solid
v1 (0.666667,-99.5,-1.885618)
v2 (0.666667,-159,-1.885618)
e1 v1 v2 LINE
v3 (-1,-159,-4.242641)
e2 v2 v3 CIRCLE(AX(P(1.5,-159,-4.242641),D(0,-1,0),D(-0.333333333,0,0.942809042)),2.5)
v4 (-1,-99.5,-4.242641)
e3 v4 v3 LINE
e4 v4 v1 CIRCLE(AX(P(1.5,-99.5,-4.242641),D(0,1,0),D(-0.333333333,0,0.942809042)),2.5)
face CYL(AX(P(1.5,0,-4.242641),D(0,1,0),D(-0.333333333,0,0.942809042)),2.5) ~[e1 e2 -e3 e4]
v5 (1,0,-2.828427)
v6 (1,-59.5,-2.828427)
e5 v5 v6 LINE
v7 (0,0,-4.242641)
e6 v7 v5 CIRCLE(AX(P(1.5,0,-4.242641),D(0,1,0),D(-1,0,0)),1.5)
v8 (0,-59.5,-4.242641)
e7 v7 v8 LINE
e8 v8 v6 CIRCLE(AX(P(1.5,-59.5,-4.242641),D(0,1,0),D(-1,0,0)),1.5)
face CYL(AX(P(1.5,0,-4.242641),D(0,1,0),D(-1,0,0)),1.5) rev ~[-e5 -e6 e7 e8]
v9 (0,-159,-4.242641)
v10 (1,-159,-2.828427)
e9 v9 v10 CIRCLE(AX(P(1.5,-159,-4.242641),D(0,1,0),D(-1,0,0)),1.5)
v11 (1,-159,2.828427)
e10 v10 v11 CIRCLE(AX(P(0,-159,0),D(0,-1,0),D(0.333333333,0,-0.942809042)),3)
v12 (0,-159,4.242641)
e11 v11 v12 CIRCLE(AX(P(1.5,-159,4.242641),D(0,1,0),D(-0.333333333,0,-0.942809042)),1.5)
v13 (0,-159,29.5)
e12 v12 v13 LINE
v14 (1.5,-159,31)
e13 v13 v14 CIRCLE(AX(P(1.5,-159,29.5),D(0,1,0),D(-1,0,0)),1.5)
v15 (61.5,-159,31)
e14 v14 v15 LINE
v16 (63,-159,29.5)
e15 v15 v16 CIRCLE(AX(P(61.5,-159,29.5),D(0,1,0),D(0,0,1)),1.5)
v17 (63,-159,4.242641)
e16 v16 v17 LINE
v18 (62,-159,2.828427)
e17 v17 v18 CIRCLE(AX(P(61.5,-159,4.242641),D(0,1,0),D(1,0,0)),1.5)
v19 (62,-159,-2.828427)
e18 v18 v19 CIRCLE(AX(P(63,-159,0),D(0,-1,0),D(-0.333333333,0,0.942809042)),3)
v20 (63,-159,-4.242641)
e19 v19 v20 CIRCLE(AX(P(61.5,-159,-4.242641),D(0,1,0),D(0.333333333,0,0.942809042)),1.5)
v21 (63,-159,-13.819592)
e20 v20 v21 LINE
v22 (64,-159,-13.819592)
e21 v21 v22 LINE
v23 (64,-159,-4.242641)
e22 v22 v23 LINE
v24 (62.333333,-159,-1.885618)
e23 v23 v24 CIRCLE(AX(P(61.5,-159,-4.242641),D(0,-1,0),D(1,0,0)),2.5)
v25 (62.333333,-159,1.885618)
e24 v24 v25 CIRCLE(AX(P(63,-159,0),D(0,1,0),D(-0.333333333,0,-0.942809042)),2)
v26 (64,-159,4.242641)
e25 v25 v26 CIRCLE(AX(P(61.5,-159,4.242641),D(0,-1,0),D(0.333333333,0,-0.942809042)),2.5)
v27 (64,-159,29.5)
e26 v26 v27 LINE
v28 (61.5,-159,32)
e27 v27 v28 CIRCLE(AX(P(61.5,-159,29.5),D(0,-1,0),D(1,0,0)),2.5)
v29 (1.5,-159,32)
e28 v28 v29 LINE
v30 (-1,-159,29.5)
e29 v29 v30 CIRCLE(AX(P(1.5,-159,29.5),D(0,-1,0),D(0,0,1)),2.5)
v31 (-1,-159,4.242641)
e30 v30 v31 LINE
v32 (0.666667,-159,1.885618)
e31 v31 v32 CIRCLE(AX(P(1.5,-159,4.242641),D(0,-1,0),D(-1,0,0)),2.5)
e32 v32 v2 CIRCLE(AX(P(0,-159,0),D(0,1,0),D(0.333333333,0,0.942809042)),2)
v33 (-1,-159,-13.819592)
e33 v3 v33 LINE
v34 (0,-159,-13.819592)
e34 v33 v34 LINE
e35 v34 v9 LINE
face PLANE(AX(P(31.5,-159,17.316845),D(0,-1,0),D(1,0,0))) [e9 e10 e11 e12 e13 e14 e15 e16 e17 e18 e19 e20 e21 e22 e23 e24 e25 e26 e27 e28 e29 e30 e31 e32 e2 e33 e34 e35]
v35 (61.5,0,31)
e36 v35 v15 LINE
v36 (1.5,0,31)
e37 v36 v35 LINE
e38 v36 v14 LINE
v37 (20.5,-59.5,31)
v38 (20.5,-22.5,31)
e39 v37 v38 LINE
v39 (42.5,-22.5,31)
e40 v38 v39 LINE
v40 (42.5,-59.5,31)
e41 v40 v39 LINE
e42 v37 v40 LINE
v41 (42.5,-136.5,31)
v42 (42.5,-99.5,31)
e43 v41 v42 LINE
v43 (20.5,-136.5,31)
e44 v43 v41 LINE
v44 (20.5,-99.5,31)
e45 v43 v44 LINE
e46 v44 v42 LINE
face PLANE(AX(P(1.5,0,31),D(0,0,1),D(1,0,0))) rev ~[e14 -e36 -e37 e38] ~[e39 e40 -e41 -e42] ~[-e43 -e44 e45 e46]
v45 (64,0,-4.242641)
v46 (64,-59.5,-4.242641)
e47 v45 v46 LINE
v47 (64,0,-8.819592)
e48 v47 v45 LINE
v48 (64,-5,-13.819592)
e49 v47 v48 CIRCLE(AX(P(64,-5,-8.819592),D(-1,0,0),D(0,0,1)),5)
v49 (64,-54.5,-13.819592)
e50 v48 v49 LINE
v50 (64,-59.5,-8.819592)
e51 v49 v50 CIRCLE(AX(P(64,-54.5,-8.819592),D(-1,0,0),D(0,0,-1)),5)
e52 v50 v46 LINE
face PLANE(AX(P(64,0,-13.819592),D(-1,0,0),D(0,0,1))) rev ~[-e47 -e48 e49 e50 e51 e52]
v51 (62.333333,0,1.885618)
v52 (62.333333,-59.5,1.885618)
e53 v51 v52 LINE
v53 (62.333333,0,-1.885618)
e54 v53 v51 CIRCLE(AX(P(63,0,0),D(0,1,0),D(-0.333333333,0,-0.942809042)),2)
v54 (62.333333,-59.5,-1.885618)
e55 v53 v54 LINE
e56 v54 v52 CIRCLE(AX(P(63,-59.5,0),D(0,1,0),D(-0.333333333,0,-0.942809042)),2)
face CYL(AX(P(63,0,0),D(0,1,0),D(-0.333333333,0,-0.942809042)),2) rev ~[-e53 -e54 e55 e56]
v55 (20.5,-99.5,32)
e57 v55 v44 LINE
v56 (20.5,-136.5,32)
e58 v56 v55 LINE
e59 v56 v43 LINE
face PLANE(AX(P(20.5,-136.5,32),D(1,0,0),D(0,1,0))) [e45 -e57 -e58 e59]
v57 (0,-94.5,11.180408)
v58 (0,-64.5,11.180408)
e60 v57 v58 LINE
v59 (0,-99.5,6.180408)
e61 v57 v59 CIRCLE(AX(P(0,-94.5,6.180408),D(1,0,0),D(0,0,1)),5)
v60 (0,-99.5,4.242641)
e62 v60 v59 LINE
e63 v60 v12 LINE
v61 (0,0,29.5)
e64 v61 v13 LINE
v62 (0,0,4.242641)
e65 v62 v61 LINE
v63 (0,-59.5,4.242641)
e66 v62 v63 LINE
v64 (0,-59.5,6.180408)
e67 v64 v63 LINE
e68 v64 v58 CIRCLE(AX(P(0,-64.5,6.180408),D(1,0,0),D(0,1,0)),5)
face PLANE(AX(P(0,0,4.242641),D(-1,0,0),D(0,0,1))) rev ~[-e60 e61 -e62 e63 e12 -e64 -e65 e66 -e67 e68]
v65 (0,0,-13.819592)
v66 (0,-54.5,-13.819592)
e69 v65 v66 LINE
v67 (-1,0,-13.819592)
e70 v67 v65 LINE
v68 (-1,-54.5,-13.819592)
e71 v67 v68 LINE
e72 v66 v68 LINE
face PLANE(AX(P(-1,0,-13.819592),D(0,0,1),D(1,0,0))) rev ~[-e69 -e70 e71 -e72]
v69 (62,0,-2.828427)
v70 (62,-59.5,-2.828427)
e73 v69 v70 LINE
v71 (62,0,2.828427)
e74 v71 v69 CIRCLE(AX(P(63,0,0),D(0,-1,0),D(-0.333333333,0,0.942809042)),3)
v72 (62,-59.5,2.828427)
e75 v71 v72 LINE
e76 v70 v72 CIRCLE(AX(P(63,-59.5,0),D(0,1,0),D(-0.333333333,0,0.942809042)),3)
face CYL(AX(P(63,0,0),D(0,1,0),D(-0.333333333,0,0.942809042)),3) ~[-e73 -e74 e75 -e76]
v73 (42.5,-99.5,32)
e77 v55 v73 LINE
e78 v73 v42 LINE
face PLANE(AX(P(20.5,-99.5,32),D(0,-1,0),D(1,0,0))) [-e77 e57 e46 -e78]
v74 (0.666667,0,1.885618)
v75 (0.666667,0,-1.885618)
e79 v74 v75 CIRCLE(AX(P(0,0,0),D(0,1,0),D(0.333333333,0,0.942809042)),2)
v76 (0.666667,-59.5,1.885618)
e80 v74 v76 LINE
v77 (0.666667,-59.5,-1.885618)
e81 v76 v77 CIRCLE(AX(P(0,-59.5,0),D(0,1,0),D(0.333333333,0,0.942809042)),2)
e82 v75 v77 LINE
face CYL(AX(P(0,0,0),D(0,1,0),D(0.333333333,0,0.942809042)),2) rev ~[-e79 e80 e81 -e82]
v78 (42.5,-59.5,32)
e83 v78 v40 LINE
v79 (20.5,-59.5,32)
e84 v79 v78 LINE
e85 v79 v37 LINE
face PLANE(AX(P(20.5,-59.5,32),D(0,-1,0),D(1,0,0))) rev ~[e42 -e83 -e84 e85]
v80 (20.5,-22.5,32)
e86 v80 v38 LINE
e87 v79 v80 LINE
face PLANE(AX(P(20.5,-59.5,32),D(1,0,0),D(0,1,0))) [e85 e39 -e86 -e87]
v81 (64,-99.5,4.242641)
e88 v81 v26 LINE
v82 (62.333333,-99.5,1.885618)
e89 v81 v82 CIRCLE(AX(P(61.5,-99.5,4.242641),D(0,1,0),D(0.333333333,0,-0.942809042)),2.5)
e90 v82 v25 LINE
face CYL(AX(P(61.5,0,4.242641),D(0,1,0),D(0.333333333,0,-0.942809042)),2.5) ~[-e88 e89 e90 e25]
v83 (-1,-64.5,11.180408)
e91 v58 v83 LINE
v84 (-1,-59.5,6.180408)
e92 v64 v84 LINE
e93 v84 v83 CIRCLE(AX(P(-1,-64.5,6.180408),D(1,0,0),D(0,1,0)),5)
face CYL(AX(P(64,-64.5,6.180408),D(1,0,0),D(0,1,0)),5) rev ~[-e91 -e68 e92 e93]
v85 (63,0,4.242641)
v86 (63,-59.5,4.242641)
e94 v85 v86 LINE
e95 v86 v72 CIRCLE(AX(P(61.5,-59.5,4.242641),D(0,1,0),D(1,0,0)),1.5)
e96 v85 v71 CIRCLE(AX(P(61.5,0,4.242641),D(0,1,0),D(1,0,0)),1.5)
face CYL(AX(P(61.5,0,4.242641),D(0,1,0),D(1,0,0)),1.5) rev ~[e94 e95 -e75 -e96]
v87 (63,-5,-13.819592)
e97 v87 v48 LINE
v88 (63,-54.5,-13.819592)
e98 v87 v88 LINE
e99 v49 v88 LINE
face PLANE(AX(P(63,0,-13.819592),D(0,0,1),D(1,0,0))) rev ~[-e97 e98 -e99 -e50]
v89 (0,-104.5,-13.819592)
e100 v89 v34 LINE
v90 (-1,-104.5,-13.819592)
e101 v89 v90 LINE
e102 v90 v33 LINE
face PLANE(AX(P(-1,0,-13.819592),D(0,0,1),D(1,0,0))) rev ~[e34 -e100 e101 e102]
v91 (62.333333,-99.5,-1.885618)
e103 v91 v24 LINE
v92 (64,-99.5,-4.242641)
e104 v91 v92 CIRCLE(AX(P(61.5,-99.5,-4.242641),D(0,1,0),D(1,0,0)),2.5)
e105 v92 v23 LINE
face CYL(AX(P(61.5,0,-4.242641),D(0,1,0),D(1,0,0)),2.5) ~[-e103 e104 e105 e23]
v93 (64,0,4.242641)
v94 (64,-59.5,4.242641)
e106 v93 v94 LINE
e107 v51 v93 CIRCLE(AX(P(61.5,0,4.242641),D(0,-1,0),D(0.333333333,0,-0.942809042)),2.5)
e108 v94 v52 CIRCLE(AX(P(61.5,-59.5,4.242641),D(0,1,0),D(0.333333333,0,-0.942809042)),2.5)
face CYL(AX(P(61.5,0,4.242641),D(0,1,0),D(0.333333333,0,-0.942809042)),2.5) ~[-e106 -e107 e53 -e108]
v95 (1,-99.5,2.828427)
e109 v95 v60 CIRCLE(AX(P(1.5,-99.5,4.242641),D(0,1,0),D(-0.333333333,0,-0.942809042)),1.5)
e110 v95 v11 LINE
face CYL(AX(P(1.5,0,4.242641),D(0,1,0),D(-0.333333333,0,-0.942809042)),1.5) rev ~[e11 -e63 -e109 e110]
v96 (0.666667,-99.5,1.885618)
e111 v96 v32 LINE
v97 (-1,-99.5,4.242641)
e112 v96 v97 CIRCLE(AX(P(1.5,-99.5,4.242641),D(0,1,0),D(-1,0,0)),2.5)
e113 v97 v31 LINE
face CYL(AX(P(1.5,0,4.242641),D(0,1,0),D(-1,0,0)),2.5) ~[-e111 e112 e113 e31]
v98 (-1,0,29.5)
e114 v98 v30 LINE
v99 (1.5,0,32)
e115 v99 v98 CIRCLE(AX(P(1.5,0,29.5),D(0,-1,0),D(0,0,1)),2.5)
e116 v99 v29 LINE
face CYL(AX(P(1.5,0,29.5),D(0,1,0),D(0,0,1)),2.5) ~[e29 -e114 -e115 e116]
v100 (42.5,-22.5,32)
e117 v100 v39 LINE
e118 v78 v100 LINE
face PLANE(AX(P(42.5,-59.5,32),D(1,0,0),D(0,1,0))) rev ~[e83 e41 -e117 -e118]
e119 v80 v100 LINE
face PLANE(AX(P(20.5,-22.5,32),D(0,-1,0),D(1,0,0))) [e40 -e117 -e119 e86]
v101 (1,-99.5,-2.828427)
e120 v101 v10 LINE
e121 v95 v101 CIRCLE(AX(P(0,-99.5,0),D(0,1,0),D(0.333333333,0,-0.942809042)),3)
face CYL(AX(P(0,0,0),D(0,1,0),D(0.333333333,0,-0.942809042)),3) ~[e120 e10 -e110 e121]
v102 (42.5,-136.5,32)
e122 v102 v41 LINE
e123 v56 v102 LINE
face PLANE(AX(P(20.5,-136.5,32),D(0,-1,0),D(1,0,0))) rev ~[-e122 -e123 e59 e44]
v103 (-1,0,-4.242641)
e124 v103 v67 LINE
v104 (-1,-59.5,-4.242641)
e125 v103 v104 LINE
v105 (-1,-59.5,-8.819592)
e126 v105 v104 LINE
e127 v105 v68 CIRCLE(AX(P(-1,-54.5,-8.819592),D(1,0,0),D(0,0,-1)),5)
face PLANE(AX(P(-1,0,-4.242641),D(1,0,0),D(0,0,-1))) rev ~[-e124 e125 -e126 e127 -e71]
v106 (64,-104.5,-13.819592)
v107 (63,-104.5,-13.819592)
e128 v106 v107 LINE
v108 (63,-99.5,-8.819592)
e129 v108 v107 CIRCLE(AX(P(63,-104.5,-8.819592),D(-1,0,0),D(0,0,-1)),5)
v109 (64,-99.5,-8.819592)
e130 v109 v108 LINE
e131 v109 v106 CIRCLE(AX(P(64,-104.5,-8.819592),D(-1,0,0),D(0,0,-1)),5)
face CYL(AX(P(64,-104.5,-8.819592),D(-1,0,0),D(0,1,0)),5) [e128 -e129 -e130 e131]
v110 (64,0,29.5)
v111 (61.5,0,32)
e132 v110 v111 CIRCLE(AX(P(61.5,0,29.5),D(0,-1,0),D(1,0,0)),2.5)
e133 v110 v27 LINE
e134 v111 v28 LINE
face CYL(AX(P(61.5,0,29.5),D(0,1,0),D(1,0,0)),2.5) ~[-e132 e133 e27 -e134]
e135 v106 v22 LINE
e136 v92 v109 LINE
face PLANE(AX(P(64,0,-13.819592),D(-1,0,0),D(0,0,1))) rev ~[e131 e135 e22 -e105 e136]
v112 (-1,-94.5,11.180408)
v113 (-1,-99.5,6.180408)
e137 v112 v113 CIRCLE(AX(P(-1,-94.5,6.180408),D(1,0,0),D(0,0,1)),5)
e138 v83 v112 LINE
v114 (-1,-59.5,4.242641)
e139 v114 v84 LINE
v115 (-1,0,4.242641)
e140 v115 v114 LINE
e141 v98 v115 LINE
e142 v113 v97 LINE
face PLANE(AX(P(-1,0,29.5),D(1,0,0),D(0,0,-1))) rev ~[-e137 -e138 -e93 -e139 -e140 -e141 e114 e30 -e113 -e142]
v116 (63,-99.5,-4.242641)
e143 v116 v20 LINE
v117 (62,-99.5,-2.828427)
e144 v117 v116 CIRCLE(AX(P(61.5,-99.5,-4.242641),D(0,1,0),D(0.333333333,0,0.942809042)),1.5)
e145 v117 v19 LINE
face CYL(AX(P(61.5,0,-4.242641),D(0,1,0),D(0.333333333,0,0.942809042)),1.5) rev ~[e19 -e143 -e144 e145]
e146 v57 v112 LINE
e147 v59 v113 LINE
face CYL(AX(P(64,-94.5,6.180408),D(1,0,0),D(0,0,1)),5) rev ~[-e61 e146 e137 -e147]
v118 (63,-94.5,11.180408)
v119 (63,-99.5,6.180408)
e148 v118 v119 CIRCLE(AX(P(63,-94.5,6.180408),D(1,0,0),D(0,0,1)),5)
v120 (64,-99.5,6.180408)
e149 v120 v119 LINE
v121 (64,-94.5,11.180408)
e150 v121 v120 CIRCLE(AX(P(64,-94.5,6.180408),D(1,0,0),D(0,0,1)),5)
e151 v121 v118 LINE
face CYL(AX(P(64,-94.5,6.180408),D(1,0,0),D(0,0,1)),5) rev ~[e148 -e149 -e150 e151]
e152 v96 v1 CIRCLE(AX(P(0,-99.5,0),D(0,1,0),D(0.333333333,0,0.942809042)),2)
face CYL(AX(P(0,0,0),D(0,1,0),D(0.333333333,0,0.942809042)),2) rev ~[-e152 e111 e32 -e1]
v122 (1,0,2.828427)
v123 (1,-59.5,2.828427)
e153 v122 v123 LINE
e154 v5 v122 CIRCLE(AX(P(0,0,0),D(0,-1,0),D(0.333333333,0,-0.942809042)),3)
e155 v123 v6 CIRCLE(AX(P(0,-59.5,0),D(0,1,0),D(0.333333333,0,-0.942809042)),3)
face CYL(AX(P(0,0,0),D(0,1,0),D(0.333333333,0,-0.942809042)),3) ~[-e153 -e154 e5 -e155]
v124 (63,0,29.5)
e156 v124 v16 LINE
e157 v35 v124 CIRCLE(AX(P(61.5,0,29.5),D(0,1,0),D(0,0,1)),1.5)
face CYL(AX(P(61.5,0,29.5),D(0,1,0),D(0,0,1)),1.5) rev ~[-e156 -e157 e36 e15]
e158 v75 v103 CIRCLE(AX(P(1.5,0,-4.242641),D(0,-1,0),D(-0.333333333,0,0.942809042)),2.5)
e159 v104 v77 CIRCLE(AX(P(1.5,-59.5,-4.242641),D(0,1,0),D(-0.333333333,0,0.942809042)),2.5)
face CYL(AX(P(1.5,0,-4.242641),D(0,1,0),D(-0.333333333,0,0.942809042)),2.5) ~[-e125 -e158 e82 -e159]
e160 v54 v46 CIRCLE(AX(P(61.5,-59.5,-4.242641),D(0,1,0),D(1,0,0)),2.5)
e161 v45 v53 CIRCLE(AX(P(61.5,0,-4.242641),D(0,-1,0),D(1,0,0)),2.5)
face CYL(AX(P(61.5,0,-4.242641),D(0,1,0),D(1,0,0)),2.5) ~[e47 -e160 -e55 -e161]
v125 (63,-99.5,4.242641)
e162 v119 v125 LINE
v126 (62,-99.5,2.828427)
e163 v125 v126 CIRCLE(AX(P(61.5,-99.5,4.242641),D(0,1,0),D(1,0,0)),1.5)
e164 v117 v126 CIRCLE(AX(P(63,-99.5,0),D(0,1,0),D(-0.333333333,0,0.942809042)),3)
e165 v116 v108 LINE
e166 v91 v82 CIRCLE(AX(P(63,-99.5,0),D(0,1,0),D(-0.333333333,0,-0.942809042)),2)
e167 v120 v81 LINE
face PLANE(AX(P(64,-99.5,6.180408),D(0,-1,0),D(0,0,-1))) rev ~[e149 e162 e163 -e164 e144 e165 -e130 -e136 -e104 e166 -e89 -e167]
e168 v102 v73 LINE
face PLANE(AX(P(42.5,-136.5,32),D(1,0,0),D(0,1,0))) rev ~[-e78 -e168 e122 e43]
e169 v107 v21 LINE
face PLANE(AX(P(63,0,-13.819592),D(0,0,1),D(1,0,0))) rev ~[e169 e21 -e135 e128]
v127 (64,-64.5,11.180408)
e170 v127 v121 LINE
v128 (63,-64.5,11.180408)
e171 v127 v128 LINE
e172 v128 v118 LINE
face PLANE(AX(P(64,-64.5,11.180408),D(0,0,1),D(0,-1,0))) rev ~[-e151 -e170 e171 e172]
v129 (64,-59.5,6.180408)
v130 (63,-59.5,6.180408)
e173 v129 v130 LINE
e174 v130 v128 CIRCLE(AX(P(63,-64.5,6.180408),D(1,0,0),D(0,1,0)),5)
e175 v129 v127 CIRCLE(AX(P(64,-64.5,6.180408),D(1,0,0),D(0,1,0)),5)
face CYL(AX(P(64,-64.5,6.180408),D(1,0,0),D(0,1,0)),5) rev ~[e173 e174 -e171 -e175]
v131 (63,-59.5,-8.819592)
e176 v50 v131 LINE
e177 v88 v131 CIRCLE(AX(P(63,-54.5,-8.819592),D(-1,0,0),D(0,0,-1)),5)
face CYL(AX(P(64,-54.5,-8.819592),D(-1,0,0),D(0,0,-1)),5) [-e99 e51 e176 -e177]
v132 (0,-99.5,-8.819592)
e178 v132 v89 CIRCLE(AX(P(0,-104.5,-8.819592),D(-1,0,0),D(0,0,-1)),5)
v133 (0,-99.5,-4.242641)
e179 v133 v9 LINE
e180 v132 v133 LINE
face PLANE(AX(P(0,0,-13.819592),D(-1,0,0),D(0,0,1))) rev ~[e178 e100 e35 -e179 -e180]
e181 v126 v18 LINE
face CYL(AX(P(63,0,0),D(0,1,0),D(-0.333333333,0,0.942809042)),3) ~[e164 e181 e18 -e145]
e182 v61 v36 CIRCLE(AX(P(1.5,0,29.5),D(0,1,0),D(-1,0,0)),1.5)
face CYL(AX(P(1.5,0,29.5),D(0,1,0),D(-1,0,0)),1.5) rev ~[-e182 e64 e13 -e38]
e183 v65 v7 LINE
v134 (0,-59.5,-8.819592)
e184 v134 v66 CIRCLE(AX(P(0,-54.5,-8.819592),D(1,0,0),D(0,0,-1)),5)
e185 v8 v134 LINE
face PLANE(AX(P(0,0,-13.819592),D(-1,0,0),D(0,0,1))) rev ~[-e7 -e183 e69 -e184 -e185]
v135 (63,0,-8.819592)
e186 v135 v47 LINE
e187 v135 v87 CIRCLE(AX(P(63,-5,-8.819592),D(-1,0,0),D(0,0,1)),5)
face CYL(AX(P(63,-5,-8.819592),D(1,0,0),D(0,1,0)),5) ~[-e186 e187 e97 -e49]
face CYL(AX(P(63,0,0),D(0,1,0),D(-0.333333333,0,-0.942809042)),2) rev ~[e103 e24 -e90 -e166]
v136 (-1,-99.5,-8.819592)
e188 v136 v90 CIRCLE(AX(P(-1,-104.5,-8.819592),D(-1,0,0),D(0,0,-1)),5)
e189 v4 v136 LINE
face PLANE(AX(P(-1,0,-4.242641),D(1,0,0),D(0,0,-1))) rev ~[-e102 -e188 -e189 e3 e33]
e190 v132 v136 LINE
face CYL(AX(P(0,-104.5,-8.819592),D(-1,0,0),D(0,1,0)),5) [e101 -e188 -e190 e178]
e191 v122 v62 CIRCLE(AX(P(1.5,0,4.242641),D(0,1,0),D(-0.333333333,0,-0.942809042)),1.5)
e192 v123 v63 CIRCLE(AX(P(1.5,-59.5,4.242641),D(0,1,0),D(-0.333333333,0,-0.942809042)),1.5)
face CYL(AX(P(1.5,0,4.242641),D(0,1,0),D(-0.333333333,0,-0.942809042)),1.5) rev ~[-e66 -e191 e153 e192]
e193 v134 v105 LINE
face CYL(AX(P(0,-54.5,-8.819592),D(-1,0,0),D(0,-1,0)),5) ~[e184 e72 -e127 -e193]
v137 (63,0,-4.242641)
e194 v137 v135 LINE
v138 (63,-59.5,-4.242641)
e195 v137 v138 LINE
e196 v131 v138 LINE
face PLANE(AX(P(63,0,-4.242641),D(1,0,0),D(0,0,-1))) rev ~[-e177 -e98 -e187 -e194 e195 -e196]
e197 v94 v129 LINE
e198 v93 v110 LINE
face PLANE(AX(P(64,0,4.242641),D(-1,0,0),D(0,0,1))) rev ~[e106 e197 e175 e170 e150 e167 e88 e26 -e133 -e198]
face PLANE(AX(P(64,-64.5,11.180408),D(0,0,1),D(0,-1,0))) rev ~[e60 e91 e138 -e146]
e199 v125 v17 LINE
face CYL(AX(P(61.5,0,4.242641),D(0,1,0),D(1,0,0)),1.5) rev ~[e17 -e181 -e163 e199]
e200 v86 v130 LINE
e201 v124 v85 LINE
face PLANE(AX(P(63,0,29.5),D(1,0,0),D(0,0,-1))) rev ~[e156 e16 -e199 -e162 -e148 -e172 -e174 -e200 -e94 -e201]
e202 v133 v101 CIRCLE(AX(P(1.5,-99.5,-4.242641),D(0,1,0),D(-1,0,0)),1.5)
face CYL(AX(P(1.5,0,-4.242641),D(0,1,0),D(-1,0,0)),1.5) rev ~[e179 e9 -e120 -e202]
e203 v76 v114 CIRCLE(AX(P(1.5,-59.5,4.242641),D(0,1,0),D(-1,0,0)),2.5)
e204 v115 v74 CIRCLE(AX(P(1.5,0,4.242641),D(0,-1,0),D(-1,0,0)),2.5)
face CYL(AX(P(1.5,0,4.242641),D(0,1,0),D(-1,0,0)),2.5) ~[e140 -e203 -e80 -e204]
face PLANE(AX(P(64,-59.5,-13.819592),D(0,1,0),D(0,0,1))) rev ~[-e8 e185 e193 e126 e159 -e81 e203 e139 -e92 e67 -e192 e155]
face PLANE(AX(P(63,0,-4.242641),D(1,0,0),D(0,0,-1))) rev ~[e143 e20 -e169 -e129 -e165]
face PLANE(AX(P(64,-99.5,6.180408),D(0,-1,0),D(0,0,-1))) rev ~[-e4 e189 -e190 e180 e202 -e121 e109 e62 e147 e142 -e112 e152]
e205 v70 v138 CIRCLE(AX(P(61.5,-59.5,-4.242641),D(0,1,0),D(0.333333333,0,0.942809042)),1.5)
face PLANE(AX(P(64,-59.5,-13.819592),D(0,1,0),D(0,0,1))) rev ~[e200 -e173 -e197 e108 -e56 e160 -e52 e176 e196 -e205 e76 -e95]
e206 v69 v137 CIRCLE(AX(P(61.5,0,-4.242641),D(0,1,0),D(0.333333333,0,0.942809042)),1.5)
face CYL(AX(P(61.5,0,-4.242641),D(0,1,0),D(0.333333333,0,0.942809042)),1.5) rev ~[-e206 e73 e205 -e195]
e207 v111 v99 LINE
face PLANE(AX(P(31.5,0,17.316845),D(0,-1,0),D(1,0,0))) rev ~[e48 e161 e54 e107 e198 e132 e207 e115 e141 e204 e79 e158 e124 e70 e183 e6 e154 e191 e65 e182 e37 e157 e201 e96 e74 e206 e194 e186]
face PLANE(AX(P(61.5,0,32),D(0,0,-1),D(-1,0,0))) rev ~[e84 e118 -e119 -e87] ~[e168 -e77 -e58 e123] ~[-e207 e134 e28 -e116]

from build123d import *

# Parameters (mm, degrees)
F1_DEPTH = 159
F2_W     = 22
F2_H     = 37
F3_DEPTH = 45.8205918838
F4_W     = 40
F4_H     = 9.5769511967
F5_DEPTH = 65.001
F6_R     = 5


with BuildPart() as f1:
    # F0 (on Front) → F1 (new body)
    with BuildSketch(Plane.XZ):
        with BuildLine():
            ThreePointArc((0.6666666667, 1.8856180832), (2, 0), (0.6666666667, -1.8856180832))
            ThreePointArc((0.6666666667, -1.8856180832), (-0.5412414523, -2.7992650141), (-1, -4.2426406871))
            Line((-1, -4.2426406871), (-1, -13.8195918838))
            Line((-1, -13.8195918838), (0, -13.8195918838))
            Line((0, -13.8195918838), (0, -4.2426406871))
            ThreePointArc((0, -4.2426406871), (0.2752551286, -3.3766152833), (1, -2.8284271247))
            ThreePointArc((1, -2.8284271247), (3, 0), (1, 2.8284271247))
            ThreePointArc((1, 2.8284271247), (0.2752551286, 3.3766152833), (0, 4.2426406871))
            Line((0, 4.2426406871), (0, 29.5))
            ThreePointArc((0, 29.5), (0.4393398282, 30.5606601718), (1.5, 31))
            Line((1.5, 31), (61.5, 31))
            ThreePointArc((61.5, 31), (62.5606601718, 30.5606601718), (63, 29.5))
            Line((63, 29.5), (63, 4.2426406871))
            ThreePointArc((63, 4.2426406871), (62.7247448714, 3.3766152833), (62, 2.8284271247))
            ThreePointArc((62, 2.8284271247), (60, 0), (62, -2.8284271247))
            ThreePointArc((62, -2.8284271247), (62.7247448714, -3.3766152833), (63, -4.2426406871))
            Line((63, -4.2426406871), (63, -13.8195918838))
            Line((63, -13.8195918838), (64, -13.8195918838))
            Line((64, -13.8195918838), (64, -4.2426406871))
            ThreePointArc((64, -4.2426406871), (63.5412414523, -2.7992650141), (62.3333333333, -1.8856180832))
            ThreePointArc((62.3333333333, -1.8856180832), (61, 0), (62.3333333333, 1.8856180832))
            ThreePointArc((62.3333333333, 1.8856180832), (63.5412414523, 2.7992650141), (64, 4.2426406871))
            Line((64, 4.2426406871), (64, 29.5))
            ThreePointArc((64, 29.5), (63.267766953, 31.267766953), (61.5, 32))
            Line((61.5, 32), (1.5, 32))
            ThreePointArc((1.5, 32), (-0.267766953, 31.267766953), (-1, 29.5))
            Line((-1, 29.5), (-1, 4.2426406871))
            ThreePointArc((-1, 4.2426406871), (-0.5412414523, 2.7992650141), (0.6666666667, 1.8856180832))
        make_face()
    extrude(amount=F1_DEPTH)

    # F2 (on face) → F3 (cut, through all)
    with BuildSketch(Plane.XY.offset(32)):
        with Locations((31.5, -118)):
            Rectangle(F2_W, F2_H)
        with Locations((31.5, -41)):
            Rectangle(F2_W, F2_H)
    extrude(amount=-F3_DEPTH, mode=Mode.SUBTRACT)

    # F4 (on face) → F5 (cut, through all)
    with BuildSketch(Plane.YZ.offset(64)):
        with BuildLine():
            Line((-99.5, -4.2426406871), (-59.5, -4.2426406871))
            Line((-59.5, -4.2426406871), (-59.5, 6.1804081162))
            ThreePointArc((-59.5, 6.1804081162), (-60.9644660941, 9.7159420222), (-64.5, 11.1804081162))
            Line((-64.5, 11.1804081162), (-94.5, 11.1804081162))
            ThreePointArc((-94.5, 11.1804081162), (-98.0355339059, 9.7159420222), (-99.5, 6.1804081162))
            Line((-99.5, 6.1804081162), (-99.5, -4.2426406871))
        make_face()
        with Locations((-79.5, -9.0311162854)):
            Rectangle(F4_W, F4_H)
    extrude(amount=-F5_DEPTH, mode=Mode.SUBTRACT)

    # F6
    f6_edges = [f1.edges().sort_by_distance(p)[0] for p in [
        (63.5, 0, -13.819592),
        (63.5, -99.5, -13.819592),
        (63.5, -59.5, -13.819592),
        (-0.5, -99.5, -13.819592),
        (-0.5, -59.5, -13.819592),
    ]]
    fillet(f6_edges, radius=F6_R)


solid = f1.part
